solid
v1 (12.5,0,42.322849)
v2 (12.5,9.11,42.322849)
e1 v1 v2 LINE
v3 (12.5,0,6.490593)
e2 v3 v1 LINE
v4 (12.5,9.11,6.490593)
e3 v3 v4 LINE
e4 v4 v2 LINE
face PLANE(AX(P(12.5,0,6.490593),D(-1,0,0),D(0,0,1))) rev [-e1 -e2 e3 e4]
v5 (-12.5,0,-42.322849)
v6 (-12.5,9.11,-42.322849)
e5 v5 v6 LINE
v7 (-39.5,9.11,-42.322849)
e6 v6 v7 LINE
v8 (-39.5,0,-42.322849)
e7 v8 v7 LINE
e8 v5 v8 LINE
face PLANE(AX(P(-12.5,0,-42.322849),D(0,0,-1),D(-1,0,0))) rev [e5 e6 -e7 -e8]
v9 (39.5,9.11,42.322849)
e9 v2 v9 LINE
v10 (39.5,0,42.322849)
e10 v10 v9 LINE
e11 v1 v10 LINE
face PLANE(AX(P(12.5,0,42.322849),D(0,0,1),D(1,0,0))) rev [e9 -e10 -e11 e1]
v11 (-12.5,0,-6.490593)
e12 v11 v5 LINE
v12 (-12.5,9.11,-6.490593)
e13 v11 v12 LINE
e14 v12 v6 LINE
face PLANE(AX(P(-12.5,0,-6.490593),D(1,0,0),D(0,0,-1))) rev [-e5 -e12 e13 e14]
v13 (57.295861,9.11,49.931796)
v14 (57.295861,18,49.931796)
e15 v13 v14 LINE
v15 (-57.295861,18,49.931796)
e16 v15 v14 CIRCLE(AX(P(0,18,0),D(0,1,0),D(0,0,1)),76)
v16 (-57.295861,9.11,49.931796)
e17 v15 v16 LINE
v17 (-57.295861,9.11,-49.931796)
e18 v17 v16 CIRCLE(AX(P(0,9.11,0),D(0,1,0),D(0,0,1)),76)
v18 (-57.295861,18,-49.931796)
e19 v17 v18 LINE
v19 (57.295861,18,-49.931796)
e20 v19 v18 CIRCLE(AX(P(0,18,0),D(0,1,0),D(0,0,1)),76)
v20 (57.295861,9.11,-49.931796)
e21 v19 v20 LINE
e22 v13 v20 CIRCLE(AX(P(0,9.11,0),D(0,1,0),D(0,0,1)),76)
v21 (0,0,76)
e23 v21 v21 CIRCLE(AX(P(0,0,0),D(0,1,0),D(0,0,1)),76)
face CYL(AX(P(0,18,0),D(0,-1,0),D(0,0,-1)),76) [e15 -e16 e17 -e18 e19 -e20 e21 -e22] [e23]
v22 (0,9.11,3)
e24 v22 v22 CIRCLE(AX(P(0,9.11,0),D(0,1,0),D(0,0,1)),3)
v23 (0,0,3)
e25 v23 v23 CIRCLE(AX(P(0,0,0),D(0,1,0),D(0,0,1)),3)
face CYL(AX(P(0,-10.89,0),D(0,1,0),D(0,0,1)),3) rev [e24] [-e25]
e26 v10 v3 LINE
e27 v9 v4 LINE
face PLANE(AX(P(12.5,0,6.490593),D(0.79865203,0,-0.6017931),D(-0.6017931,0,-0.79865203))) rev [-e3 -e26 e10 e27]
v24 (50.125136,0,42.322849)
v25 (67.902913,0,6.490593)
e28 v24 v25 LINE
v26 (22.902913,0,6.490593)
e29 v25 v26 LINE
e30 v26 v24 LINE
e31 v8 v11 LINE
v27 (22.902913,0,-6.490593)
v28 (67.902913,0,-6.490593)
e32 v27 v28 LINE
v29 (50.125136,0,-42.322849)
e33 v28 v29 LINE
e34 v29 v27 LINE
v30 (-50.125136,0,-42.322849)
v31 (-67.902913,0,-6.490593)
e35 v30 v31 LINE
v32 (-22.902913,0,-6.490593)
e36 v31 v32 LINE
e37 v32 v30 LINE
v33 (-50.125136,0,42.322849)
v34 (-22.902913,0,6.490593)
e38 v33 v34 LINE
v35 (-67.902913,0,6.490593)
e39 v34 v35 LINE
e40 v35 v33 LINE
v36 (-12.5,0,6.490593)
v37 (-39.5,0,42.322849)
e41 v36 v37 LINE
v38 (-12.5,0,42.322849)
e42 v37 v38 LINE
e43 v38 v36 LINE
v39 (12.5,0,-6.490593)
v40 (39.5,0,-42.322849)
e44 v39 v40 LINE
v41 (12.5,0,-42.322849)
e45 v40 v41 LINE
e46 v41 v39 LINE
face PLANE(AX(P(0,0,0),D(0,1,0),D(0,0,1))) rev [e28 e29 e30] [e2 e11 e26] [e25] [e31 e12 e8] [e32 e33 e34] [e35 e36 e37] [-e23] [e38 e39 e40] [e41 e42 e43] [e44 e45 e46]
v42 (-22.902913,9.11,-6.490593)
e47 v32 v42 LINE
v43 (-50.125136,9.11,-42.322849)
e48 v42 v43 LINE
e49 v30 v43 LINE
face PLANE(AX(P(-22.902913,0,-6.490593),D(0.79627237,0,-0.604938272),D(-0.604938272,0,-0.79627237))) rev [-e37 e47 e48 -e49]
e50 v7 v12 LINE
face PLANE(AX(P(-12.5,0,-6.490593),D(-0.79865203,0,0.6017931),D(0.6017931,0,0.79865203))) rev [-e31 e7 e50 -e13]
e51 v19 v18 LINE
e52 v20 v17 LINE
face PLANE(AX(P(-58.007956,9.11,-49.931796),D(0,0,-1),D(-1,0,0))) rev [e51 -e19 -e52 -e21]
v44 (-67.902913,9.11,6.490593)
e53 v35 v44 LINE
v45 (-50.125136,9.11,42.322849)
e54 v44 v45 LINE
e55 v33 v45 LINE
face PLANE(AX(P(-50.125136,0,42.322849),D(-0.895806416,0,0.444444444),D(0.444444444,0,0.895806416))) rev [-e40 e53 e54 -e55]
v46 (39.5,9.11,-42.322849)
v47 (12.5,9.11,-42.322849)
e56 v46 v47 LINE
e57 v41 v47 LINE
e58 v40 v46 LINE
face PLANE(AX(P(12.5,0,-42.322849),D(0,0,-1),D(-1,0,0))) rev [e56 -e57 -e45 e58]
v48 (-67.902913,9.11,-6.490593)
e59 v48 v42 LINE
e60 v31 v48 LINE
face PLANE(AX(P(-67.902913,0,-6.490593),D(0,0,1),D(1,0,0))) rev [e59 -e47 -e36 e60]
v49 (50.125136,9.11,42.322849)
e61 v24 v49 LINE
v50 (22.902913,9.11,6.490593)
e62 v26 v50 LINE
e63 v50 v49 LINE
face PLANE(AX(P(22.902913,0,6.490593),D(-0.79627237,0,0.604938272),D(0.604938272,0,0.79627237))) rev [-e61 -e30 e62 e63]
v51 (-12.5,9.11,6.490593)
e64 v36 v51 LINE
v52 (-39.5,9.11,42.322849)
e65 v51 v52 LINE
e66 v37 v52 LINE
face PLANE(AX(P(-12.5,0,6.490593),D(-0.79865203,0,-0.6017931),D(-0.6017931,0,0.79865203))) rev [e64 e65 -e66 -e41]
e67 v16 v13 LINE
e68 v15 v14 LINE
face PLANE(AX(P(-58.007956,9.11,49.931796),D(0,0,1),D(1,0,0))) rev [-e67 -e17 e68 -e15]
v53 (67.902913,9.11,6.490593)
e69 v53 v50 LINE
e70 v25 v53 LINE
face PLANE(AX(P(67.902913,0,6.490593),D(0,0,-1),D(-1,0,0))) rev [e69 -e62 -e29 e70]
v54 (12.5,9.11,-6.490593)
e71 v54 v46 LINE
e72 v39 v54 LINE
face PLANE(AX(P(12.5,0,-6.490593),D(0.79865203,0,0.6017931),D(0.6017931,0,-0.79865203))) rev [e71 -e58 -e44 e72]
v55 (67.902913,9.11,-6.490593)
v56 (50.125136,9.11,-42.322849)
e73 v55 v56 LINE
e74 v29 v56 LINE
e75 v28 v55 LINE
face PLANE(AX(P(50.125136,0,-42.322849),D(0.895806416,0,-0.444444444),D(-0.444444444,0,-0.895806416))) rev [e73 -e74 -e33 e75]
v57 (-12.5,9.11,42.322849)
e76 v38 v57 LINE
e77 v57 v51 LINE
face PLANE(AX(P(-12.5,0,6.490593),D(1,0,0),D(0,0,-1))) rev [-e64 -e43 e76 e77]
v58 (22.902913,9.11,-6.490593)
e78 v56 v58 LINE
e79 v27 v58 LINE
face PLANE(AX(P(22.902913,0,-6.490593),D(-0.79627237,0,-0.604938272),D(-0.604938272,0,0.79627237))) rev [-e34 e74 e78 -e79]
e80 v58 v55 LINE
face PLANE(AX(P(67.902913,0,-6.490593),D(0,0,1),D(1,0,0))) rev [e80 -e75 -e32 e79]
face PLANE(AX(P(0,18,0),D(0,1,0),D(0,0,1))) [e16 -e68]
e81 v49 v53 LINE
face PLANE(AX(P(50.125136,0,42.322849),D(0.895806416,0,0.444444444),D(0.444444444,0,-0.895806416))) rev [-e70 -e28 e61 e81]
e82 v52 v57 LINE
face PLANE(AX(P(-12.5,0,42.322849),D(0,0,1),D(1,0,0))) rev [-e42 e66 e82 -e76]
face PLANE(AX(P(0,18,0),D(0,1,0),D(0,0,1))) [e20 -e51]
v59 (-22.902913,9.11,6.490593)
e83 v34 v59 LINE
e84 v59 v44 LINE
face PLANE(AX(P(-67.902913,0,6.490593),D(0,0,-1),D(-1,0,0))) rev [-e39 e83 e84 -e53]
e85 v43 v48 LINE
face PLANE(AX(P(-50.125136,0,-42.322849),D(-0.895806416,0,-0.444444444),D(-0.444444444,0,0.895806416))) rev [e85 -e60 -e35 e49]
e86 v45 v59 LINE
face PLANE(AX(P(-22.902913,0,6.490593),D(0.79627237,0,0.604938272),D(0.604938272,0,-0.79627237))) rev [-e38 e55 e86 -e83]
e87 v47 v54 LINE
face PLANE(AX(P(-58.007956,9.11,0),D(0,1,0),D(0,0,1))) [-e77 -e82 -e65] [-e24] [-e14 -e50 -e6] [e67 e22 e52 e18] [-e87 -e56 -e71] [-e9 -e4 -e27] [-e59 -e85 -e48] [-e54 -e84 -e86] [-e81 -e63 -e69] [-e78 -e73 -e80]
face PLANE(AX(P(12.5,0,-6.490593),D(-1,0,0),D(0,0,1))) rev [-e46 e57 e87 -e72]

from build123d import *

# Parameters (mm, degrees)
SKETCH1_R           = 76
BOSS_EXTRUDE1_DEPTH = 18
CUT_EXTRUDE4_DEPTH  = 8.89
SKETCH5_R           = 3
CUT_EXTRUDE5_DEPTH  = 20
CUT_EXTRUDE6_DEPTH  = 10.11
CUT_EXTRUDE7_DEPTH  = 10.11


with BuildPart() as part:
    # Sketch1 → Boss-Extrude1 (new body)
    with BuildSketch(Plane(origin=(0, 0, 0), x_dir=(1, 0, 0), z_dir=(0, 1, 0))):
        Circle(SKETCH1_R)
    extrude(amount=BOSS_EXTRUDE1_DEPTH)

    # Sketch2 → Cut-Extrude4 (cut)
    with BuildSketch(Plane(origin=(0, 18, 0), x_dir=(1, 0, 0), z_dir=(0, 1, 0))):
        with BuildLine():
            Line((-58.007955522, 49.931796385), (58.007955522, 49.931796385))
            ThreePointArc((58.007955522, 49.931796385), (107.939751907, 0), (58.007955522, -49.931796385))
            Line((58.007955522, -49.931796385), (-58.007955522, -49.931796385))
            ThreePointArc((-58.007955522, -49.931796385), (-107.939751907, 0), (-58.007955522, 49.931796385))
        make_face()
    extrude(amount=-CUT_EXTRUDE4_DEPTH, mode=Mode.SUBTRACT)

    # Sketch5 → Cut-Extrude5 (cut)
    with BuildSketch(Plane(origin=(0, 9.11, 0), x_dir=(1, 0, 0), z_dir=(0, 1, 0))):
        Circle(SKETCH5_R)
    extrude(amount=-CUT_EXTRUDE5_DEPTH, mode=Mode.SUBTRACT)

    # Sketch7 → Cut-Extrude6 (cut, through all)
    with BuildSketch(Plane(origin=(0, 9.11, 0), x_dir=(1, 0, 0), z_dir=(0, 1, 0))):
        Polygon((-50.125135648, 42.322849323), (-67.902913426, 6.490592664), (-22.902913426, 6.490592664), align=None)
        Polygon((67.902913426, 6.490592664), (22.902913426, 6.490592664), (50.125135648, 42.322849323), align=None)
        Polygon((50.125135648, -42.322849323), (67.902913426, -6.490592664), (22.902913426, -6.490592664), align=None)
        Polygon((-67.902913426, -6.490592664), (-22.902913426, -6.490592664), (-50.125135648, -42.322849323), align=None)
    extrude(amount=-CUT_EXTRUDE6_DEPTH, mode=Mode.SUBTRACT)

    # Sketch9 → Cut-Extrude7 (cut, through all)
    with BuildSketch(Plane(origin=(0, 9.11, 0), x_dir=(1, 0, 0), z_dir=(0, 1, 0))):
        Polygon((-12.5, 6.490592664), (-12.5, 42.322849323), (-39.5, 42.322849323), align=None)
        Polygon((12.5, 6.490592664), (39.5, 42.322849323), (12.5, 42.322849323), align=None)
        Polygon((12.5, -6.490592664), (12.5, -42.322849323), (39.5, -42.322849323), align=None)
        Polygon((-12.5, -6.490592664), (-39.5, -42.322849323), (-12.5, -42.322849323), align=None)
    extrude(amount=-CUT_EXTRUDE7_DEPTH, mode=Mode.SUBTRACT)


solid = part.part
